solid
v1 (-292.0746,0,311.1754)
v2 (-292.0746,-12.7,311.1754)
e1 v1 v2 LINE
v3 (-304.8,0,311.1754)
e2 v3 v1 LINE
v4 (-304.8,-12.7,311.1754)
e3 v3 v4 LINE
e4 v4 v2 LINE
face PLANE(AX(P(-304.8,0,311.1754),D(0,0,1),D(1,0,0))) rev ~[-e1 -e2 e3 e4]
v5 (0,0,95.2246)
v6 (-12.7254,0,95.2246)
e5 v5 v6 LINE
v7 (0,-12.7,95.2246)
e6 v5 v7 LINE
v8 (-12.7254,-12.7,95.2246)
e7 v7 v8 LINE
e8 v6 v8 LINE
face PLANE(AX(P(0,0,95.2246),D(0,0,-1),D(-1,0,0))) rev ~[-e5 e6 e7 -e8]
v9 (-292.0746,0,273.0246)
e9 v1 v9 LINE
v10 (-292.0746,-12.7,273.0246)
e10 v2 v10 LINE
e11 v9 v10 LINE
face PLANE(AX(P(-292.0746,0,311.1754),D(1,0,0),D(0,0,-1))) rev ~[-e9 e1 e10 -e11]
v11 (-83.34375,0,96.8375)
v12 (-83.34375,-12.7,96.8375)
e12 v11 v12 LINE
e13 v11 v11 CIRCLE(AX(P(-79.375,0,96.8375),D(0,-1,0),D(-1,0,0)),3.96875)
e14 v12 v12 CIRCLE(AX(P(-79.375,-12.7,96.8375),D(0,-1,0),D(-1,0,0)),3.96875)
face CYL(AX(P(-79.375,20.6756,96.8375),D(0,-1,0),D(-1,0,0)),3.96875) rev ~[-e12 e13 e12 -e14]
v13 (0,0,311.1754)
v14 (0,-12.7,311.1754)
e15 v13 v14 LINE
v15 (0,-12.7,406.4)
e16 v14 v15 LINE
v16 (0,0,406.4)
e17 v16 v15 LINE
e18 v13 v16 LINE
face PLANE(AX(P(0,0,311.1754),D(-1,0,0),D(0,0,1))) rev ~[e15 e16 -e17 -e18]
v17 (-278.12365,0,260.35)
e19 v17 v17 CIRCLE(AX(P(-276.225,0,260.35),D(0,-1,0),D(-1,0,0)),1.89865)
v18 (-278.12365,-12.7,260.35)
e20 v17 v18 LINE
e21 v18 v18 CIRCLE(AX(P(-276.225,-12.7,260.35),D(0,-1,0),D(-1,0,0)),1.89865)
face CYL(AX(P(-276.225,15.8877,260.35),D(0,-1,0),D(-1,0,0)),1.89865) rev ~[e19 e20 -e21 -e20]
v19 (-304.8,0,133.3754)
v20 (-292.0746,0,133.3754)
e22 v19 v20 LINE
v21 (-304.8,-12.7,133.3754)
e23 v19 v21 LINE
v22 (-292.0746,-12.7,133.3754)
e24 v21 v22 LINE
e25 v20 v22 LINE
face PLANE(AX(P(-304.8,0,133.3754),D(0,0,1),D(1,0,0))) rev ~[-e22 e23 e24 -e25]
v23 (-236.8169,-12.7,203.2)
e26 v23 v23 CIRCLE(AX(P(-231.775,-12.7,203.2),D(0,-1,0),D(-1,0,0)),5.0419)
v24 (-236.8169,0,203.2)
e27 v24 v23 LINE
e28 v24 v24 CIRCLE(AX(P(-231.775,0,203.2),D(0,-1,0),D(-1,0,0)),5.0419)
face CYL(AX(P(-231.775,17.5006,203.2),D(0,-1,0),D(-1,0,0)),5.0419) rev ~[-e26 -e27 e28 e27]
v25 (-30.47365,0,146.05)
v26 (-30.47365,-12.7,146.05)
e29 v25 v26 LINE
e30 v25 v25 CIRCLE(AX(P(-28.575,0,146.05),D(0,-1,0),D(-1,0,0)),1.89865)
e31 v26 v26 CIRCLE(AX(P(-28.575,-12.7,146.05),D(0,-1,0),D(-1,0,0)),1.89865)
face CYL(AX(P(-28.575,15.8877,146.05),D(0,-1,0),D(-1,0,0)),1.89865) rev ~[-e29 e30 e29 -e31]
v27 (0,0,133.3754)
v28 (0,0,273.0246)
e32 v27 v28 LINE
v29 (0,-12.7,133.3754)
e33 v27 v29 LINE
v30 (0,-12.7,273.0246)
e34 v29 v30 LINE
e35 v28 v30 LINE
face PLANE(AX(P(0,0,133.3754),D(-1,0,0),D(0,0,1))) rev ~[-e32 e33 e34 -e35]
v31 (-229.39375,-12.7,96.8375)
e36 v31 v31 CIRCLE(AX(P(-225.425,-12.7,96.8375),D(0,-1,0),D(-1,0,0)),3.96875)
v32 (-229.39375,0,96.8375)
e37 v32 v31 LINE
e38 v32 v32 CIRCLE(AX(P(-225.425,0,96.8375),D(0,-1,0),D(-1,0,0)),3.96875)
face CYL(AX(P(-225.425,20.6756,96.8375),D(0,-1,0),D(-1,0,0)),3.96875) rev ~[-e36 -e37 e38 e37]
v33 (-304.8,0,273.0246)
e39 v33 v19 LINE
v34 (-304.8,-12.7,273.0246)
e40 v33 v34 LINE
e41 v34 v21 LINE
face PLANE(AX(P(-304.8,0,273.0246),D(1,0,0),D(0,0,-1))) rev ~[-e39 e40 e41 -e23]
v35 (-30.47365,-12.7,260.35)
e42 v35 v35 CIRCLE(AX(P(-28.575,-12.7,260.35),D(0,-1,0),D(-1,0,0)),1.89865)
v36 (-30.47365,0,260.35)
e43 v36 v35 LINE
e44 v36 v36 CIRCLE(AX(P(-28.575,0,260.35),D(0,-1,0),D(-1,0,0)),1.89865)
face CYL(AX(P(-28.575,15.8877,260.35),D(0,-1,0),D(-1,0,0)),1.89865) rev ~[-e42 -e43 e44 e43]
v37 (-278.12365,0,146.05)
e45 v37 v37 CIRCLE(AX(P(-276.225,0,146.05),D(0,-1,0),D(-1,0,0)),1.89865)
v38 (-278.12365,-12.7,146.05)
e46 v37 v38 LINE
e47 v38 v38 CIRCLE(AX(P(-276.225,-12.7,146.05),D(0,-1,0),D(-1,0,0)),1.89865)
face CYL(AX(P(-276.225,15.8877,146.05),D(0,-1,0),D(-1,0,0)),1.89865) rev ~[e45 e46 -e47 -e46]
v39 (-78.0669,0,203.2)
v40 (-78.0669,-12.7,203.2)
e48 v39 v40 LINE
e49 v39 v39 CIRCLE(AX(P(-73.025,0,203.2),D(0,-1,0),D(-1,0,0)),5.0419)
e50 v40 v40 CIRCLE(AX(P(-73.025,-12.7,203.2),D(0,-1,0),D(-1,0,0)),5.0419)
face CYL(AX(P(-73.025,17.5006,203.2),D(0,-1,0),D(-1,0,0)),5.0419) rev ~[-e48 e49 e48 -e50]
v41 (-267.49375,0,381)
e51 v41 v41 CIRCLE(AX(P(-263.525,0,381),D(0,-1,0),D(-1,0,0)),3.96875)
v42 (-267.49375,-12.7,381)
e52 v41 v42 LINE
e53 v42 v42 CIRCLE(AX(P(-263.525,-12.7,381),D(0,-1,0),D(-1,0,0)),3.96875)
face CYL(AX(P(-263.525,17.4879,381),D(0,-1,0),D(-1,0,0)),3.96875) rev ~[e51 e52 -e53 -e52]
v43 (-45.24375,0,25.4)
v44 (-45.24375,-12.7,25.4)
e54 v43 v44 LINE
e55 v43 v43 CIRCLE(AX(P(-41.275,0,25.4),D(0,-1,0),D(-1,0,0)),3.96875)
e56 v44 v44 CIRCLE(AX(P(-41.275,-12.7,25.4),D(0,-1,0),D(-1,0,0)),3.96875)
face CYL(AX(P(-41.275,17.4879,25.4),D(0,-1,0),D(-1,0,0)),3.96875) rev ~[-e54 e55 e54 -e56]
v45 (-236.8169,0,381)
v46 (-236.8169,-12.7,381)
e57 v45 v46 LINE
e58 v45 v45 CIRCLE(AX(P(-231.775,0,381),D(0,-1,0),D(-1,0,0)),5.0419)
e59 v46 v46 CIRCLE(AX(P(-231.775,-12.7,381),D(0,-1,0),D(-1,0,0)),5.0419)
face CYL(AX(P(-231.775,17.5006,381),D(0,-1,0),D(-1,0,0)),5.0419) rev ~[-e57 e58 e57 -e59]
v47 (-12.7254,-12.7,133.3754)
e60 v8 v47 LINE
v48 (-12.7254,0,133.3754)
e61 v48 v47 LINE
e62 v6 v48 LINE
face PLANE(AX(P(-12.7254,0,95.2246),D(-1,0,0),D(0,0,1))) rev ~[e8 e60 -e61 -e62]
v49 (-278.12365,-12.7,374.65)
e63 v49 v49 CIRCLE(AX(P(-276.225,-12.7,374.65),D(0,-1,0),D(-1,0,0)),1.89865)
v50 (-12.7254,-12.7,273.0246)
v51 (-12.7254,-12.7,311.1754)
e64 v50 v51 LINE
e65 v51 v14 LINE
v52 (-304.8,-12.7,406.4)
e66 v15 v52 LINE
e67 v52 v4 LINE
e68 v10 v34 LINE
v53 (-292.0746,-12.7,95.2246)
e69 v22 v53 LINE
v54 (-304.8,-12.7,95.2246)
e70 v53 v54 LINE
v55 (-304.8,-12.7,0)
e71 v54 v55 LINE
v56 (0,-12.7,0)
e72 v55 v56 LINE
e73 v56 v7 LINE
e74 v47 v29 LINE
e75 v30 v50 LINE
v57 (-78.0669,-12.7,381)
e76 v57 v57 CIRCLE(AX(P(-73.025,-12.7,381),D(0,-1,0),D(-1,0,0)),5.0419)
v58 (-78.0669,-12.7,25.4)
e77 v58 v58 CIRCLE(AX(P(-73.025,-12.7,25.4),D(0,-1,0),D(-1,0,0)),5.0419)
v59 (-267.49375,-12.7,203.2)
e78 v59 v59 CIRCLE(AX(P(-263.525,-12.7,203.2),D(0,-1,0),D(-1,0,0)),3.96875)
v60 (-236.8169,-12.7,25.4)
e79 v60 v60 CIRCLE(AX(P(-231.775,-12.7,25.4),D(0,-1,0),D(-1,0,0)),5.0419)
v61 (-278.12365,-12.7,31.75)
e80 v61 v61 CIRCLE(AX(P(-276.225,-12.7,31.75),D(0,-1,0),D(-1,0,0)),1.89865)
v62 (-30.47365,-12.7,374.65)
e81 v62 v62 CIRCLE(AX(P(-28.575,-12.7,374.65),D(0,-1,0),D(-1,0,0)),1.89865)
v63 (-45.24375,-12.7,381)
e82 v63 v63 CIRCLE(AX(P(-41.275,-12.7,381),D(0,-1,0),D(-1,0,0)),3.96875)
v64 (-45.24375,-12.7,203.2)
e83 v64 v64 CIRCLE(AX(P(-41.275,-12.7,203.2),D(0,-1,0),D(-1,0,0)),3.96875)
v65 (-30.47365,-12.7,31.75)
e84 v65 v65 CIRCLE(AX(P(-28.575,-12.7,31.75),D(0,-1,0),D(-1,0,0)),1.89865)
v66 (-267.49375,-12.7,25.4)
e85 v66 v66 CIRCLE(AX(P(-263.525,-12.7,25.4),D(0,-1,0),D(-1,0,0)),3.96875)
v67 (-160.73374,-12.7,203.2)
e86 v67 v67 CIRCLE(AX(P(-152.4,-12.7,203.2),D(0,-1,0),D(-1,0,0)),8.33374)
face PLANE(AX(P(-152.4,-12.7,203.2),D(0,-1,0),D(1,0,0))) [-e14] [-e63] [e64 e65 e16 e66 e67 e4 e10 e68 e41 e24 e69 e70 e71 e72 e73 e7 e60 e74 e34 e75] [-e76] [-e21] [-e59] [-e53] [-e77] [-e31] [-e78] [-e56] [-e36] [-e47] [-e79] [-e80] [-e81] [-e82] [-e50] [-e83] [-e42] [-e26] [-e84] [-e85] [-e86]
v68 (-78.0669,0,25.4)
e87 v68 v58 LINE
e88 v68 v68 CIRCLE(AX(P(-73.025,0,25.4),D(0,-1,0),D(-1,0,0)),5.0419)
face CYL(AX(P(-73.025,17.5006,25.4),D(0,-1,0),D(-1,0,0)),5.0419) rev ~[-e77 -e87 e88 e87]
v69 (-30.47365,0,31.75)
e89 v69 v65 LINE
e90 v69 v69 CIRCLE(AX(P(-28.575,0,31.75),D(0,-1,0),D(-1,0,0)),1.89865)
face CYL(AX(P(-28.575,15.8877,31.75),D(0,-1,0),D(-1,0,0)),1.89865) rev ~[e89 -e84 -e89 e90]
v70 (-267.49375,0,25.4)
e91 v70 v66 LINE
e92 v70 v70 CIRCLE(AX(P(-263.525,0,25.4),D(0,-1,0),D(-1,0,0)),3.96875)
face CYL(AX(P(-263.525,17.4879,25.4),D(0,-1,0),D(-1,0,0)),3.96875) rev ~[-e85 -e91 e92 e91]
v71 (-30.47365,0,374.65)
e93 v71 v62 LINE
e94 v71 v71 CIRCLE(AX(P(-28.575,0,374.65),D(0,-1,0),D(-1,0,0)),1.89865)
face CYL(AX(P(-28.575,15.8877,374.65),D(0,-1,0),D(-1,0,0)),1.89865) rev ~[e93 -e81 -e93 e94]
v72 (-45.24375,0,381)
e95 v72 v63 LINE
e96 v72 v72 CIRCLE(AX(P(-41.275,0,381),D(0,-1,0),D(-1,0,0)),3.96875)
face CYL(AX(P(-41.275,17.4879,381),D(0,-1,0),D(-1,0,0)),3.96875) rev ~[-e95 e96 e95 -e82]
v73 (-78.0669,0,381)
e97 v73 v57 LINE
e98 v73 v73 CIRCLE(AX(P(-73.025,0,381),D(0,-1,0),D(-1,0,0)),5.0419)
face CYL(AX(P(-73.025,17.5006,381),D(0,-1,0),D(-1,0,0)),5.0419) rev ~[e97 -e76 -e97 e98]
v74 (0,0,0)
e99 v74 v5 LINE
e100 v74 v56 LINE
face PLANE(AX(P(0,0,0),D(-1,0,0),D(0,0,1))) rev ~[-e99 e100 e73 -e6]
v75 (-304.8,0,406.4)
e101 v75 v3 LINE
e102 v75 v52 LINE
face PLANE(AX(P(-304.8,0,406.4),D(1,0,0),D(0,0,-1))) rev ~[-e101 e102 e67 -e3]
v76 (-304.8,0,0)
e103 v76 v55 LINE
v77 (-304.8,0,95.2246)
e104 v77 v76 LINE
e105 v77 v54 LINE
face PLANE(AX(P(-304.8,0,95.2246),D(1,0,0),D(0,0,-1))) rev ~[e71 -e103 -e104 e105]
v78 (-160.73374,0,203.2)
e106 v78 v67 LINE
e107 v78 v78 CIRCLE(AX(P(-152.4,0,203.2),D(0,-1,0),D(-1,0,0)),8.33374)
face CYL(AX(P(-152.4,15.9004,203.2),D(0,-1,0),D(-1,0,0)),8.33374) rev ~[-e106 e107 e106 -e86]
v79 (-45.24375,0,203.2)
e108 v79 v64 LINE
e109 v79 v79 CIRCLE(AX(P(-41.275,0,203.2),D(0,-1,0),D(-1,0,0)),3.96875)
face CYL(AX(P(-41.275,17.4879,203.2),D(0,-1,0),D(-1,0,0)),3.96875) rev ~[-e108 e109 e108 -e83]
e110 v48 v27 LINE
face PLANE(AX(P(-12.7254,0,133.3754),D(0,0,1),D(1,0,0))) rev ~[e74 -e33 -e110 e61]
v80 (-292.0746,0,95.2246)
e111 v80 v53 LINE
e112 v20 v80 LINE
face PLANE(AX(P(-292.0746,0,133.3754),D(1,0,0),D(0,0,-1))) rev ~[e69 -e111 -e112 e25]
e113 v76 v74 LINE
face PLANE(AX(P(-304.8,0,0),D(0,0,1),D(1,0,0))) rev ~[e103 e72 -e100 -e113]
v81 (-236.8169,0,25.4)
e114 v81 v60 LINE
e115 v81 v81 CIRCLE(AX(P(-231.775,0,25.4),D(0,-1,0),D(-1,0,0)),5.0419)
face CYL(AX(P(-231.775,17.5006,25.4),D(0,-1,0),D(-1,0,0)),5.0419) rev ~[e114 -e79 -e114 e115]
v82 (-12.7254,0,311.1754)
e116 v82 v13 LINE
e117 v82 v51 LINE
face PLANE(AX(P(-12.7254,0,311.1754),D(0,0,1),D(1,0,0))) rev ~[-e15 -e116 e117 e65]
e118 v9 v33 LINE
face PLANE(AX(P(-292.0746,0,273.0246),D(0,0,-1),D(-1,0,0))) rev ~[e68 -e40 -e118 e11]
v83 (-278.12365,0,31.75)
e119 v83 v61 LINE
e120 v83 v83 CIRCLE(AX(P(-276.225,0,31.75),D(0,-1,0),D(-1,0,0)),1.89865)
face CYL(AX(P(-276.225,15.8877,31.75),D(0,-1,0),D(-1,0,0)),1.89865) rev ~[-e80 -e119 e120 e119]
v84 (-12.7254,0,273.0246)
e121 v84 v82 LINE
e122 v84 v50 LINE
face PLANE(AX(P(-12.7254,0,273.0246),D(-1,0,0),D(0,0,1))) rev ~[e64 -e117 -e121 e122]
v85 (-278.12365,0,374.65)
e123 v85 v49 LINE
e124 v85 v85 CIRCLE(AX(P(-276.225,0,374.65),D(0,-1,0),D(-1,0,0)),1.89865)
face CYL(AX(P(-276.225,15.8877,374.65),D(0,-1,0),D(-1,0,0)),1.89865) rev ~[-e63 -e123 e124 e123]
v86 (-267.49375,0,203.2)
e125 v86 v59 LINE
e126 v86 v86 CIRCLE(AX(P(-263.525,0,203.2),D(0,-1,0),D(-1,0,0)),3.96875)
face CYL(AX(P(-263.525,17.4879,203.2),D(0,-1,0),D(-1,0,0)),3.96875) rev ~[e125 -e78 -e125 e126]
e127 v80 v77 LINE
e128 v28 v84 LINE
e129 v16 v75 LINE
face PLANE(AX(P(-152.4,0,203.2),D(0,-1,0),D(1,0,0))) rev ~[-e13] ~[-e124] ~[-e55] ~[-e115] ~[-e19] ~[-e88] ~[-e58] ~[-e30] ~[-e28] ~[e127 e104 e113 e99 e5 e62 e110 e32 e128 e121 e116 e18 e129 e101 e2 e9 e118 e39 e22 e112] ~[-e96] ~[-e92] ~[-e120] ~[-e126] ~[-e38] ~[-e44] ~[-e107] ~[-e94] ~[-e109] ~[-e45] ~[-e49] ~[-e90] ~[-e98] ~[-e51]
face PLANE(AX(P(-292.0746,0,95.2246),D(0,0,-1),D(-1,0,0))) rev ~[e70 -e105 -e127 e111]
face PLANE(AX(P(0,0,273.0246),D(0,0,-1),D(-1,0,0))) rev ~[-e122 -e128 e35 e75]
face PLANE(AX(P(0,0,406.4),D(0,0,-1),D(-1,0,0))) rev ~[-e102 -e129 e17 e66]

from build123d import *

# Parameters (mm, degrees)
F1_DEPTH = 12.7
F2_D     = 3.7973
F2_DEPTH = 15.8877
F2_TIP   = 1.1408240143
F3_D     = 16.66748
F3_DEPTH = 15.9004
F3_TIP   = 5.0074161752
F4_D     = 7.9375
F4_DEPTH = 17.4879
F4_TIP   = 2.3846655818
F5_D     = 10.0838
F5_DEPTH = 17.5006
F5_TIP   = 3.0294791551
F6_D     = 7.9375
F6_DEPTH = 20.6756
F6_TIP   = 2.3846655818


with BuildPart() as f1:
    # F0 (on Front) → F1 (new body)
    with BuildSketch(Plane.XZ):
        Polygon((-304.8, 0), (0, 0), (0, 95.2246), (-12.7254, 95.2246), (-12.7254, 133.3754), (0, 133.3754), (0, 273.0246), (-12.7254, 273.0246), (-12.7254, 311.1754), (0, 311.1754), (0, 406.4), (-304.8, 406.4), (-304.8, 311.1754), (-292.0746, 311.1754), (-292.0746, 273.0246), (-304.8, 273.0246), (-304.8, 133.3754), (-292.0746, 133.3754), (-292.0746, 95.2246), (-304.8, 95.2246), align=None)
    extrude(amount=F1_DEPTH)

    # F2
    with Locations(Plane(origin=(0, 0, 0), x_dir=(1, 0, 0), z_dir=(0, 1, 0))):
        with Locations((-276.225, -374.65), (-276.225, -260.35), (-276.225, -146.05), (-276.225, -31.75), (-28.575, -374.65), (-28.575, -260.35), (-28.575, -146.05), (-28.575, -31.75)):
            Hole(F2_D / 2, depth=F2_DEPTH)
            with Locations((0, 0, -(F2_DEPTH + F2_TIP / 2))):  # 118° drill point
                Cone(0, F2_D / 2, F2_TIP, mode=Mode.SUBTRACT)

    # F3
    with Locations(Plane(origin=(0, 0, 0), x_dir=(1, 0, 0), z_dir=(0, 1, 0))):
        with Locations((-152.4, -203.2)):
            Hole(F3_D / 2, depth=F3_DEPTH)
            with Locations((0, 0, -(F3_DEPTH + F3_TIP / 2))):  # 118° drill point
                Cone(0, F3_D / 2, F3_TIP, mode=Mode.SUBTRACT)

    # F4
    with Locations(Plane(origin=(0, 0, 0), x_dir=(1, 0, 0), z_dir=(0, 1, 0))):
        with Locations((-263.525, -381), (-263.525, -203.2), (-263.525, -25.4), (-41.275, -381), (-41.275, -203.2), (-41.275, -25.4)):
            Hole(F4_D / 2, depth=F4_DEPTH)
            with Locations((0, 0, -(F4_DEPTH + F4_TIP / 2))):  # 118° drill point
                Cone(0, F4_D / 2, F4_TIP, mode=Mode.SUBTRACT)

    # F5
    with Locations(Plane(origin=(0, 0, 0), x_dir=(1, 0, 0), z_dir=(0, 1, 0))):
        with Locations((-231.775, -381), (-231.775, -203.2), (-231.775, -25.4), (-73.025, -25.4), (-73.025, -203.2), (-73.025, -381)):
            Hole(F5_D / 2, depth=F5_DEPTH)
            with Locations((0, 0, -(F5_DEPTH + F5_TIP / 2))):  # 118° drill point
                Cone(0, F5_D / 2, F5_TIP, mode=Mode.SUBTRACT)

    # F6
    with Locations(Plane(origin=(0, 0, 0), x_dir=(1, 0, 0), z_dir=(0, 1, 0))):
        with Locations((-225.425, -96.8375), (-79.375, -96.8375)):
            Hole(F6_D / 2, depth=F6_DEPTH)
            with Locations((0, 0, -(F6_DEPTH + F6_TIP / 2))):  # 118° drill point
                Cone(0, F6_D / 2, F6_TIP, mode=Mode.SUBTRACT)


solid = f1.part
